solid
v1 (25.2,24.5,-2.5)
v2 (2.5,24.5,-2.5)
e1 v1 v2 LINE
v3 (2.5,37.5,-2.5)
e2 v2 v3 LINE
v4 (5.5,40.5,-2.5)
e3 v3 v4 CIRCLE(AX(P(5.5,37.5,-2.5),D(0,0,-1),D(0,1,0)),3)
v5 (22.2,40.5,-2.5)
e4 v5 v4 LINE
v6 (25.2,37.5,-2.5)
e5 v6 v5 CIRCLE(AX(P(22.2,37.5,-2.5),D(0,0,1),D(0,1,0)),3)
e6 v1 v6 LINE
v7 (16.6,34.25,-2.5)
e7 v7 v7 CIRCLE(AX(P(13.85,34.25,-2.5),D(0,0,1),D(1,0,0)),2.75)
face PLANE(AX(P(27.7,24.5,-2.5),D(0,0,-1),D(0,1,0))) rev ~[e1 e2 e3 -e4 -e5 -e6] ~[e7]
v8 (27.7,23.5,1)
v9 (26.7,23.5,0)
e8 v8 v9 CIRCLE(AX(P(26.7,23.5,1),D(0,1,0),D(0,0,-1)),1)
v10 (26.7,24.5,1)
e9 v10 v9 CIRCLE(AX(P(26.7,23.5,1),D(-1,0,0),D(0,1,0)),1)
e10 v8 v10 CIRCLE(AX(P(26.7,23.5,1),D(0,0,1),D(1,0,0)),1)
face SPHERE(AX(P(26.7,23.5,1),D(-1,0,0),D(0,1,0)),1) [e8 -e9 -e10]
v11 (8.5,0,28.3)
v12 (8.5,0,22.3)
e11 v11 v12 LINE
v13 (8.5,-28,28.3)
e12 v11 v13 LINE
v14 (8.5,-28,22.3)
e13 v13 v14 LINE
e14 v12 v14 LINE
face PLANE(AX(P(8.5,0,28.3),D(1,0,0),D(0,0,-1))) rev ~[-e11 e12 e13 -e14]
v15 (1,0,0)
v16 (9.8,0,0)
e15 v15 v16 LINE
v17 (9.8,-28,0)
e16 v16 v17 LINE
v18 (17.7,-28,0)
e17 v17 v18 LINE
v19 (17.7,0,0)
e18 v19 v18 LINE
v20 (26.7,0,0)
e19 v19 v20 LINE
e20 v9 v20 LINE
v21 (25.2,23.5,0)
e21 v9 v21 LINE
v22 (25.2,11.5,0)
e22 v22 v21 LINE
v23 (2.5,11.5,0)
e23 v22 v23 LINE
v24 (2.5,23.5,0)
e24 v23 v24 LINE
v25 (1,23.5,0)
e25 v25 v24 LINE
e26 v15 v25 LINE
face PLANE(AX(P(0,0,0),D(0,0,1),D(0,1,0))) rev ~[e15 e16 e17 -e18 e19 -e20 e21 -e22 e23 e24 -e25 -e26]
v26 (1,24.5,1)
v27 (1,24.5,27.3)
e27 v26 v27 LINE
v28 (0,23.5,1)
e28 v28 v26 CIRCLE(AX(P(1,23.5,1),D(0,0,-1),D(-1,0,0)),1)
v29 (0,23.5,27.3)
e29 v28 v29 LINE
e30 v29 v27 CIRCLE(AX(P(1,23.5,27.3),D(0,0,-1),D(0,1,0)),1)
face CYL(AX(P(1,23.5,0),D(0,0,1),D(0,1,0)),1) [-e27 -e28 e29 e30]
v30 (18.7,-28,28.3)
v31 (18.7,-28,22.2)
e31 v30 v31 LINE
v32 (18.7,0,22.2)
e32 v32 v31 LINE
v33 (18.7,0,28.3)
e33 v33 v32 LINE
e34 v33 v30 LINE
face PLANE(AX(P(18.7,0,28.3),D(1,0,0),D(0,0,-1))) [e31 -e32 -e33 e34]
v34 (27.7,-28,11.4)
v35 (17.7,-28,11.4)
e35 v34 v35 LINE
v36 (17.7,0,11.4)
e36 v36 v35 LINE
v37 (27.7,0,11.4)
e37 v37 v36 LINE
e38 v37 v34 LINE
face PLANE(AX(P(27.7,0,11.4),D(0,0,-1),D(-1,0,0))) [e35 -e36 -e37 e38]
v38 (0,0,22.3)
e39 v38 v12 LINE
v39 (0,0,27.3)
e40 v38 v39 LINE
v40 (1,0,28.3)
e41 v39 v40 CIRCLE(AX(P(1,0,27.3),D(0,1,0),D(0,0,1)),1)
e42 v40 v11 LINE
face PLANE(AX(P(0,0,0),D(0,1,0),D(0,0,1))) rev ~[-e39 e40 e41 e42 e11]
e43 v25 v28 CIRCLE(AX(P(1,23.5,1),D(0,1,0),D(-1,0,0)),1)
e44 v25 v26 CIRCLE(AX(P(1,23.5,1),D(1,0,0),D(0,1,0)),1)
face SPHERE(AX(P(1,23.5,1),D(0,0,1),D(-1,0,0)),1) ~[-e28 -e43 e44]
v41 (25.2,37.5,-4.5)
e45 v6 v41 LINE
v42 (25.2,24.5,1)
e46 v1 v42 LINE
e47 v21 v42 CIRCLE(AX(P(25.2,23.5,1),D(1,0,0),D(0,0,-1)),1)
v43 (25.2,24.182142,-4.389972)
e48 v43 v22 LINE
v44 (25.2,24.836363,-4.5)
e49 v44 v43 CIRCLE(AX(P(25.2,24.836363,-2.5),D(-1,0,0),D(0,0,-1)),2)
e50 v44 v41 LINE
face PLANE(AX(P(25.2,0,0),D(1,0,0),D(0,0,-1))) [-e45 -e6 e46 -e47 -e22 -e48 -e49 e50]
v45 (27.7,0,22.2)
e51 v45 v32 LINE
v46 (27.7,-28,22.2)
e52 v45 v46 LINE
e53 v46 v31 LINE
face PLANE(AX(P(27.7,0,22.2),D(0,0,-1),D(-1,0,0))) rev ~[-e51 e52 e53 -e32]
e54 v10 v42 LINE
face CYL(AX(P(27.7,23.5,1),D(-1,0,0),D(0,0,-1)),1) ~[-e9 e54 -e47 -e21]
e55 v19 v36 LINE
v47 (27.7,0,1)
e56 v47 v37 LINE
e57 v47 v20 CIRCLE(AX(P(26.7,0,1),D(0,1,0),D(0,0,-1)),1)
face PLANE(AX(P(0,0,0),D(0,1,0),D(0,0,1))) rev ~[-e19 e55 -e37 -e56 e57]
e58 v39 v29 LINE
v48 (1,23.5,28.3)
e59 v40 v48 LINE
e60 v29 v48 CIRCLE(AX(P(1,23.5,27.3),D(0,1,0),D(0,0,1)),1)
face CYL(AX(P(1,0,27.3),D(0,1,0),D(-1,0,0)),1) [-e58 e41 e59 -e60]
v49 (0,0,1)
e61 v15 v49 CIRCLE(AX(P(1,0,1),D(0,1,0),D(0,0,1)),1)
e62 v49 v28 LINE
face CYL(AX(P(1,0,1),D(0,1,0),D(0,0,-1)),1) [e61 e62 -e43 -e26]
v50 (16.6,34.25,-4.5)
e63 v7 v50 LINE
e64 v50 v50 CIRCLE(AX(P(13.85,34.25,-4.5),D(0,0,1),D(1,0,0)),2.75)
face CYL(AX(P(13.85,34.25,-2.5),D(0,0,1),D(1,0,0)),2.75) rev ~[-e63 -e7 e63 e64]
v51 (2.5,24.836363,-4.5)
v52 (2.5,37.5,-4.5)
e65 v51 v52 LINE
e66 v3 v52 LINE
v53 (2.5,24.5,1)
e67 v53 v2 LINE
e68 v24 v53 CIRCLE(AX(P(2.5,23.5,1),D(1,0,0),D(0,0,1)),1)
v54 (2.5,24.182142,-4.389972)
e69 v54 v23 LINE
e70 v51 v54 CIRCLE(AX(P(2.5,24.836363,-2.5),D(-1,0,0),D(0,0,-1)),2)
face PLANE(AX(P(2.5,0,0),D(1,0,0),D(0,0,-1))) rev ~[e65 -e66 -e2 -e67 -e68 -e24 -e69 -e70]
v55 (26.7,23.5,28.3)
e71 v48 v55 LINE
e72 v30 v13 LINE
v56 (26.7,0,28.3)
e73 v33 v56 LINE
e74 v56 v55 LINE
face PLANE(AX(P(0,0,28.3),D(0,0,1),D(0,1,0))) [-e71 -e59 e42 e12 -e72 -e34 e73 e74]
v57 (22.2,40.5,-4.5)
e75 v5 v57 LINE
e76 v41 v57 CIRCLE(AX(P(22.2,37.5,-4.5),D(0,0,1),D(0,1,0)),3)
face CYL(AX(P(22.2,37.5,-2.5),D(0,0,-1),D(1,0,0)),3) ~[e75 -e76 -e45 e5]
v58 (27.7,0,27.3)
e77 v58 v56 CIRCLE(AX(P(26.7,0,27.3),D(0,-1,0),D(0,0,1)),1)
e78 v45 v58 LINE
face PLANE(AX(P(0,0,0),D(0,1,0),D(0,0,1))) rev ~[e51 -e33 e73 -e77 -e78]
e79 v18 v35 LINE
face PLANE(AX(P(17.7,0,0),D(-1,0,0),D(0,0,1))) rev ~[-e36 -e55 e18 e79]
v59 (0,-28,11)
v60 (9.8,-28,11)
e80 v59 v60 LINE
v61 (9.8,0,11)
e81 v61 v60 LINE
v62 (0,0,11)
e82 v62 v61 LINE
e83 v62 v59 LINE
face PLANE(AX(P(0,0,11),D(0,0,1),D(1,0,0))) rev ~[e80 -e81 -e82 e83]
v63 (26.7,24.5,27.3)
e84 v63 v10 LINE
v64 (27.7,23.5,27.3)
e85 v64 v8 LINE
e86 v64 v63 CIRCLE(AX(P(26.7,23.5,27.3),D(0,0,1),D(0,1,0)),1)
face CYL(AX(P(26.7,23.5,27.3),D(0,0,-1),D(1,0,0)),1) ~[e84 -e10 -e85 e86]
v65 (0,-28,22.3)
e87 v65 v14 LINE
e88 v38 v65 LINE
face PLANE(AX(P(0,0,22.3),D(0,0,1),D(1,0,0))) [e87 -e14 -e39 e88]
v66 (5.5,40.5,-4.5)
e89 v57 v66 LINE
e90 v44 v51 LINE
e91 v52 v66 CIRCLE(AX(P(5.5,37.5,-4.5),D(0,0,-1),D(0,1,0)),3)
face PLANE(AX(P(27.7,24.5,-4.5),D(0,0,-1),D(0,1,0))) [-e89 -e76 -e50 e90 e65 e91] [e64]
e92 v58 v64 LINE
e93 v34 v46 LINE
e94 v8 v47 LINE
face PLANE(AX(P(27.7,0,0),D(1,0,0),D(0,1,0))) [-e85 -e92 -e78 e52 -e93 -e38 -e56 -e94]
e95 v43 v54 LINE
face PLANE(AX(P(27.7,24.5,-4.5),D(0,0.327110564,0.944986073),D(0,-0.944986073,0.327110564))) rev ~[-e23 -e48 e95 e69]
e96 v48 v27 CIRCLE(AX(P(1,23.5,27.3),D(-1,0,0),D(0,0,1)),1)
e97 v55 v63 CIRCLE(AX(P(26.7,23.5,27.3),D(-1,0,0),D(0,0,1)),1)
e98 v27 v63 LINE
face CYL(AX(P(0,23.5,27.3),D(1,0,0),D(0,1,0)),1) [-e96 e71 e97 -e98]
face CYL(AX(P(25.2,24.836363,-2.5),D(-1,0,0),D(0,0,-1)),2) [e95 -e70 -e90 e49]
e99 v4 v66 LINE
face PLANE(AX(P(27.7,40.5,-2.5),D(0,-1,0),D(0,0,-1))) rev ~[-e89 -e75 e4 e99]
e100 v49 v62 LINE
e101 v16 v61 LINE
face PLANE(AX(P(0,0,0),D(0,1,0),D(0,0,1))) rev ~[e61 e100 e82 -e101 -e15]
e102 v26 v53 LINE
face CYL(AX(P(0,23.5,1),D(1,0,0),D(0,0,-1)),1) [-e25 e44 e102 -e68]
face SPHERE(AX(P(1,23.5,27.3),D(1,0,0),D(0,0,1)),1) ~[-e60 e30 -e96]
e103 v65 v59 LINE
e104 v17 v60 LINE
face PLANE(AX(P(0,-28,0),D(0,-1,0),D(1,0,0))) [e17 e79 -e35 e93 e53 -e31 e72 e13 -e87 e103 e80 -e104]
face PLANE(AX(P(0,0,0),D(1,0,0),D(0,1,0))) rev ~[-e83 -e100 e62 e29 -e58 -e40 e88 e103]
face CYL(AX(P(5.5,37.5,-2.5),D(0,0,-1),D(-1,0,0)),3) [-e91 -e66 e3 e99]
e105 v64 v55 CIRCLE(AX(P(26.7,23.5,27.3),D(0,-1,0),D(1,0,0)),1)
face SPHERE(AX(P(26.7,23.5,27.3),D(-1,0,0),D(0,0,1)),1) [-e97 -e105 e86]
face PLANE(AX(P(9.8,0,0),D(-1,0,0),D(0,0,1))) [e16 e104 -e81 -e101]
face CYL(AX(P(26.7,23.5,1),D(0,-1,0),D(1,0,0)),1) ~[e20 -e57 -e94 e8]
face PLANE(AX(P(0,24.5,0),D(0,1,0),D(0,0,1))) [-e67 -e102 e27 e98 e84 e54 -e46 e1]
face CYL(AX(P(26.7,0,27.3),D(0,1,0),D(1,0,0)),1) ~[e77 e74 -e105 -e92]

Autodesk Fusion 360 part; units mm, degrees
box "长方体基本要素1" add length 28.3 width 27.7 height 24.5 placed x (0, 0, 1) y (1, 0, 0) z (0, 1, 0) at (0, 0, 0)
sketch "草图2" plane through (27.7, 0, 0) normal (1, 0, 0) x (0, 0, -1)
  line L0 (-28.3, 24.5) -> (-28.3, 0)
  line L1 (-28.3, 0) -> (0, 0)
  line L2 (0, 0) -> (0, 24.5)
  line L3 (0, 24.5) -> (-28.3, 24.5)
  line L4 (0, 24.5) -> (4.5, 24.5)
  line L5 (0, 24.5) -> (0, 11.5)
  line L6 (4.5, 24.5) -> (0, 11.5)
  line L7 (4.5, 24.5) -> (2.5, 24.5)
  line L8 (2.5, 24.5) -> (2.5, 40.5)
  line L9 (4.5, 24.5) -> (4.5, 40.5)
  line L10 (2.5, 40.5) -> (4.5, 40.5)
  dimension "d8" = 4.5
  dimension "d9" = 13
  dimension "d10" = 2
  dimension "d11" = 16
extrude "拉伸3" add sketch "草图2" against normal blind 25.2 contours L2 L4 L5 L6 L7 | L4 L7 L8 L9 L10
extrude "拉伸4" cut sketch "草图2" against normal blind 2.5 contours L2 L4 L5 L6 L7 | L4 L7 L8 L9 L10
fillet "圆角4" radius 1 6 edges at (26.45, 24.5, 0) (13.85, 24.5, 28.3) (0, 12.25, 28.3) (0, 24.5, 14.15) (0, 12.25, 0) (1.25, 24.5, 0)
fillet "圆角5" radius 1 5 edges at (27.7, 11.75, 28.3) (27.7, 24.2071, 28.0071) (27.7, 24.5, 14.15) (27.7, 24.2071, 0.2929) (27.7, 11.75, 0)
fillet "圆角6" radius 3 2 edges at (25.2, 40.5, -3.5) (2.5, 40.5, -3.5)
fillet "圆角7" radius 2 1 edges at (13.85, 24.5, -4.5)
sketch "草图3" plane through (0, 0, -2.5) normal (0, 0, 1) x (1, 0, 0)
  arc A0 (5.5, 40.5) -> (2.5, 37.5) centre (5.5, 37.5) ccw
  line L0 (2.5, 37.5) -> (2.5, 24.5)
  line L1 (2.5, 24.5) -> (25.2, 24.5)
  line L2 (25.2, 24.5) -> (25.2, 37.5)
  arc A1 (25.2, 37.5) -> (22.2, 40.5) centre (22.2, 37.5) ccw
  line L3 (22.2, 40.5) -> (5.5, 40.5)
  line L4 (13.85, 40.5) -> (13.85, 37) construction
  line L5 (13.85, 37) -> (13.85, 34.25) construction
  circle A2 centre (13.85, 34.25) radius 2.75
  point P0 (13.85, 40.5)
  dimension "d34" = 3.5
  dimension "d35" = 2.75
  dimension "d36" = 5.5
extrude "拉伸5" cut sketch "草图3" against normal blind 10 contours A2
sketch "草图4" plane through (0, 0, 0) normal (0, -1, 0) x (1, 0, 0)
  arc A0 (27.7, 27.3) -> (26.7, 28.3) centre (26.7, 27.3) ccw
  line L0 (26.7, 28.3) -> (1, 28.3)
  arc A1 (1, 28.3) -> (0, 27.3) centre (1, 27.3) ccw
  line L1 (0, 27.3) -> (0, 1)
  arc A2 (0, 1) -> (1, 0) centre (1, 1) ccw
  line L2 (1, 0) -> (26.7, 0)
  arc A3 (26.7, 0) -> (27.7, 1) centre (26.7, 1) ccw
  line L3 (27.7, 1) -> (27.7, 27.3)
  line L4 (27.7, 28.3) -> (27.7, 0)
  line L5 (8.5, 28.3) -> (8.5, 22.3)
  line L6 (18.7, 28.3) -> (18.7, 22.2)
  line L7 (27.7, 22.2) -> (18.7, 22.2)
  line L8 (0, 11) -> (9.8, 11)
  line L9 (27.7, 11.4) -> (17.7, 11.4)
  line L10 (17.7, 0) -> (17.7, 11.4)
  line L11 (9.8, 0) -> (9.8, 11)
  line L12 (9.8, 22.2) -> (9.8, 22.3)
  line L13 (0, 22.3) -> (8.5, 22.3)
  point P0 (8.5, 28.3)
  point P1 (18.7, 28.3)
  point P2 (0, 22.3)
  point P3 (0, 11)
  point P4 (9.8, 0)
  point P5 (17.7, 0)
  point P6 (27.7, 11.4)
  point P7 (27.7, 22.2)
  dimension "d39" = 8.5
  dimension "d40" = 9
  dimension "d41" = 6
  dimension "d42" = 11
  dimension "d43" = 9.8
  dimension "d44" = 10
  dimension "d45" = 11.4
  dimension "d46" = 6.1
extrude "拉伸6" add sketch "草图4" along normal blind 28 contours L0 L1 L2 L3 L4 L5 L6 L7 L8 L9 L10 L11 L13
extrude "拉伸1" [suppressed]
fillet "圆角1" [suppressed]
fillet "圆角2" [suppressed]
fillet "圆角3" [suppressed]
extrude "拉伸2" [suppressed]
